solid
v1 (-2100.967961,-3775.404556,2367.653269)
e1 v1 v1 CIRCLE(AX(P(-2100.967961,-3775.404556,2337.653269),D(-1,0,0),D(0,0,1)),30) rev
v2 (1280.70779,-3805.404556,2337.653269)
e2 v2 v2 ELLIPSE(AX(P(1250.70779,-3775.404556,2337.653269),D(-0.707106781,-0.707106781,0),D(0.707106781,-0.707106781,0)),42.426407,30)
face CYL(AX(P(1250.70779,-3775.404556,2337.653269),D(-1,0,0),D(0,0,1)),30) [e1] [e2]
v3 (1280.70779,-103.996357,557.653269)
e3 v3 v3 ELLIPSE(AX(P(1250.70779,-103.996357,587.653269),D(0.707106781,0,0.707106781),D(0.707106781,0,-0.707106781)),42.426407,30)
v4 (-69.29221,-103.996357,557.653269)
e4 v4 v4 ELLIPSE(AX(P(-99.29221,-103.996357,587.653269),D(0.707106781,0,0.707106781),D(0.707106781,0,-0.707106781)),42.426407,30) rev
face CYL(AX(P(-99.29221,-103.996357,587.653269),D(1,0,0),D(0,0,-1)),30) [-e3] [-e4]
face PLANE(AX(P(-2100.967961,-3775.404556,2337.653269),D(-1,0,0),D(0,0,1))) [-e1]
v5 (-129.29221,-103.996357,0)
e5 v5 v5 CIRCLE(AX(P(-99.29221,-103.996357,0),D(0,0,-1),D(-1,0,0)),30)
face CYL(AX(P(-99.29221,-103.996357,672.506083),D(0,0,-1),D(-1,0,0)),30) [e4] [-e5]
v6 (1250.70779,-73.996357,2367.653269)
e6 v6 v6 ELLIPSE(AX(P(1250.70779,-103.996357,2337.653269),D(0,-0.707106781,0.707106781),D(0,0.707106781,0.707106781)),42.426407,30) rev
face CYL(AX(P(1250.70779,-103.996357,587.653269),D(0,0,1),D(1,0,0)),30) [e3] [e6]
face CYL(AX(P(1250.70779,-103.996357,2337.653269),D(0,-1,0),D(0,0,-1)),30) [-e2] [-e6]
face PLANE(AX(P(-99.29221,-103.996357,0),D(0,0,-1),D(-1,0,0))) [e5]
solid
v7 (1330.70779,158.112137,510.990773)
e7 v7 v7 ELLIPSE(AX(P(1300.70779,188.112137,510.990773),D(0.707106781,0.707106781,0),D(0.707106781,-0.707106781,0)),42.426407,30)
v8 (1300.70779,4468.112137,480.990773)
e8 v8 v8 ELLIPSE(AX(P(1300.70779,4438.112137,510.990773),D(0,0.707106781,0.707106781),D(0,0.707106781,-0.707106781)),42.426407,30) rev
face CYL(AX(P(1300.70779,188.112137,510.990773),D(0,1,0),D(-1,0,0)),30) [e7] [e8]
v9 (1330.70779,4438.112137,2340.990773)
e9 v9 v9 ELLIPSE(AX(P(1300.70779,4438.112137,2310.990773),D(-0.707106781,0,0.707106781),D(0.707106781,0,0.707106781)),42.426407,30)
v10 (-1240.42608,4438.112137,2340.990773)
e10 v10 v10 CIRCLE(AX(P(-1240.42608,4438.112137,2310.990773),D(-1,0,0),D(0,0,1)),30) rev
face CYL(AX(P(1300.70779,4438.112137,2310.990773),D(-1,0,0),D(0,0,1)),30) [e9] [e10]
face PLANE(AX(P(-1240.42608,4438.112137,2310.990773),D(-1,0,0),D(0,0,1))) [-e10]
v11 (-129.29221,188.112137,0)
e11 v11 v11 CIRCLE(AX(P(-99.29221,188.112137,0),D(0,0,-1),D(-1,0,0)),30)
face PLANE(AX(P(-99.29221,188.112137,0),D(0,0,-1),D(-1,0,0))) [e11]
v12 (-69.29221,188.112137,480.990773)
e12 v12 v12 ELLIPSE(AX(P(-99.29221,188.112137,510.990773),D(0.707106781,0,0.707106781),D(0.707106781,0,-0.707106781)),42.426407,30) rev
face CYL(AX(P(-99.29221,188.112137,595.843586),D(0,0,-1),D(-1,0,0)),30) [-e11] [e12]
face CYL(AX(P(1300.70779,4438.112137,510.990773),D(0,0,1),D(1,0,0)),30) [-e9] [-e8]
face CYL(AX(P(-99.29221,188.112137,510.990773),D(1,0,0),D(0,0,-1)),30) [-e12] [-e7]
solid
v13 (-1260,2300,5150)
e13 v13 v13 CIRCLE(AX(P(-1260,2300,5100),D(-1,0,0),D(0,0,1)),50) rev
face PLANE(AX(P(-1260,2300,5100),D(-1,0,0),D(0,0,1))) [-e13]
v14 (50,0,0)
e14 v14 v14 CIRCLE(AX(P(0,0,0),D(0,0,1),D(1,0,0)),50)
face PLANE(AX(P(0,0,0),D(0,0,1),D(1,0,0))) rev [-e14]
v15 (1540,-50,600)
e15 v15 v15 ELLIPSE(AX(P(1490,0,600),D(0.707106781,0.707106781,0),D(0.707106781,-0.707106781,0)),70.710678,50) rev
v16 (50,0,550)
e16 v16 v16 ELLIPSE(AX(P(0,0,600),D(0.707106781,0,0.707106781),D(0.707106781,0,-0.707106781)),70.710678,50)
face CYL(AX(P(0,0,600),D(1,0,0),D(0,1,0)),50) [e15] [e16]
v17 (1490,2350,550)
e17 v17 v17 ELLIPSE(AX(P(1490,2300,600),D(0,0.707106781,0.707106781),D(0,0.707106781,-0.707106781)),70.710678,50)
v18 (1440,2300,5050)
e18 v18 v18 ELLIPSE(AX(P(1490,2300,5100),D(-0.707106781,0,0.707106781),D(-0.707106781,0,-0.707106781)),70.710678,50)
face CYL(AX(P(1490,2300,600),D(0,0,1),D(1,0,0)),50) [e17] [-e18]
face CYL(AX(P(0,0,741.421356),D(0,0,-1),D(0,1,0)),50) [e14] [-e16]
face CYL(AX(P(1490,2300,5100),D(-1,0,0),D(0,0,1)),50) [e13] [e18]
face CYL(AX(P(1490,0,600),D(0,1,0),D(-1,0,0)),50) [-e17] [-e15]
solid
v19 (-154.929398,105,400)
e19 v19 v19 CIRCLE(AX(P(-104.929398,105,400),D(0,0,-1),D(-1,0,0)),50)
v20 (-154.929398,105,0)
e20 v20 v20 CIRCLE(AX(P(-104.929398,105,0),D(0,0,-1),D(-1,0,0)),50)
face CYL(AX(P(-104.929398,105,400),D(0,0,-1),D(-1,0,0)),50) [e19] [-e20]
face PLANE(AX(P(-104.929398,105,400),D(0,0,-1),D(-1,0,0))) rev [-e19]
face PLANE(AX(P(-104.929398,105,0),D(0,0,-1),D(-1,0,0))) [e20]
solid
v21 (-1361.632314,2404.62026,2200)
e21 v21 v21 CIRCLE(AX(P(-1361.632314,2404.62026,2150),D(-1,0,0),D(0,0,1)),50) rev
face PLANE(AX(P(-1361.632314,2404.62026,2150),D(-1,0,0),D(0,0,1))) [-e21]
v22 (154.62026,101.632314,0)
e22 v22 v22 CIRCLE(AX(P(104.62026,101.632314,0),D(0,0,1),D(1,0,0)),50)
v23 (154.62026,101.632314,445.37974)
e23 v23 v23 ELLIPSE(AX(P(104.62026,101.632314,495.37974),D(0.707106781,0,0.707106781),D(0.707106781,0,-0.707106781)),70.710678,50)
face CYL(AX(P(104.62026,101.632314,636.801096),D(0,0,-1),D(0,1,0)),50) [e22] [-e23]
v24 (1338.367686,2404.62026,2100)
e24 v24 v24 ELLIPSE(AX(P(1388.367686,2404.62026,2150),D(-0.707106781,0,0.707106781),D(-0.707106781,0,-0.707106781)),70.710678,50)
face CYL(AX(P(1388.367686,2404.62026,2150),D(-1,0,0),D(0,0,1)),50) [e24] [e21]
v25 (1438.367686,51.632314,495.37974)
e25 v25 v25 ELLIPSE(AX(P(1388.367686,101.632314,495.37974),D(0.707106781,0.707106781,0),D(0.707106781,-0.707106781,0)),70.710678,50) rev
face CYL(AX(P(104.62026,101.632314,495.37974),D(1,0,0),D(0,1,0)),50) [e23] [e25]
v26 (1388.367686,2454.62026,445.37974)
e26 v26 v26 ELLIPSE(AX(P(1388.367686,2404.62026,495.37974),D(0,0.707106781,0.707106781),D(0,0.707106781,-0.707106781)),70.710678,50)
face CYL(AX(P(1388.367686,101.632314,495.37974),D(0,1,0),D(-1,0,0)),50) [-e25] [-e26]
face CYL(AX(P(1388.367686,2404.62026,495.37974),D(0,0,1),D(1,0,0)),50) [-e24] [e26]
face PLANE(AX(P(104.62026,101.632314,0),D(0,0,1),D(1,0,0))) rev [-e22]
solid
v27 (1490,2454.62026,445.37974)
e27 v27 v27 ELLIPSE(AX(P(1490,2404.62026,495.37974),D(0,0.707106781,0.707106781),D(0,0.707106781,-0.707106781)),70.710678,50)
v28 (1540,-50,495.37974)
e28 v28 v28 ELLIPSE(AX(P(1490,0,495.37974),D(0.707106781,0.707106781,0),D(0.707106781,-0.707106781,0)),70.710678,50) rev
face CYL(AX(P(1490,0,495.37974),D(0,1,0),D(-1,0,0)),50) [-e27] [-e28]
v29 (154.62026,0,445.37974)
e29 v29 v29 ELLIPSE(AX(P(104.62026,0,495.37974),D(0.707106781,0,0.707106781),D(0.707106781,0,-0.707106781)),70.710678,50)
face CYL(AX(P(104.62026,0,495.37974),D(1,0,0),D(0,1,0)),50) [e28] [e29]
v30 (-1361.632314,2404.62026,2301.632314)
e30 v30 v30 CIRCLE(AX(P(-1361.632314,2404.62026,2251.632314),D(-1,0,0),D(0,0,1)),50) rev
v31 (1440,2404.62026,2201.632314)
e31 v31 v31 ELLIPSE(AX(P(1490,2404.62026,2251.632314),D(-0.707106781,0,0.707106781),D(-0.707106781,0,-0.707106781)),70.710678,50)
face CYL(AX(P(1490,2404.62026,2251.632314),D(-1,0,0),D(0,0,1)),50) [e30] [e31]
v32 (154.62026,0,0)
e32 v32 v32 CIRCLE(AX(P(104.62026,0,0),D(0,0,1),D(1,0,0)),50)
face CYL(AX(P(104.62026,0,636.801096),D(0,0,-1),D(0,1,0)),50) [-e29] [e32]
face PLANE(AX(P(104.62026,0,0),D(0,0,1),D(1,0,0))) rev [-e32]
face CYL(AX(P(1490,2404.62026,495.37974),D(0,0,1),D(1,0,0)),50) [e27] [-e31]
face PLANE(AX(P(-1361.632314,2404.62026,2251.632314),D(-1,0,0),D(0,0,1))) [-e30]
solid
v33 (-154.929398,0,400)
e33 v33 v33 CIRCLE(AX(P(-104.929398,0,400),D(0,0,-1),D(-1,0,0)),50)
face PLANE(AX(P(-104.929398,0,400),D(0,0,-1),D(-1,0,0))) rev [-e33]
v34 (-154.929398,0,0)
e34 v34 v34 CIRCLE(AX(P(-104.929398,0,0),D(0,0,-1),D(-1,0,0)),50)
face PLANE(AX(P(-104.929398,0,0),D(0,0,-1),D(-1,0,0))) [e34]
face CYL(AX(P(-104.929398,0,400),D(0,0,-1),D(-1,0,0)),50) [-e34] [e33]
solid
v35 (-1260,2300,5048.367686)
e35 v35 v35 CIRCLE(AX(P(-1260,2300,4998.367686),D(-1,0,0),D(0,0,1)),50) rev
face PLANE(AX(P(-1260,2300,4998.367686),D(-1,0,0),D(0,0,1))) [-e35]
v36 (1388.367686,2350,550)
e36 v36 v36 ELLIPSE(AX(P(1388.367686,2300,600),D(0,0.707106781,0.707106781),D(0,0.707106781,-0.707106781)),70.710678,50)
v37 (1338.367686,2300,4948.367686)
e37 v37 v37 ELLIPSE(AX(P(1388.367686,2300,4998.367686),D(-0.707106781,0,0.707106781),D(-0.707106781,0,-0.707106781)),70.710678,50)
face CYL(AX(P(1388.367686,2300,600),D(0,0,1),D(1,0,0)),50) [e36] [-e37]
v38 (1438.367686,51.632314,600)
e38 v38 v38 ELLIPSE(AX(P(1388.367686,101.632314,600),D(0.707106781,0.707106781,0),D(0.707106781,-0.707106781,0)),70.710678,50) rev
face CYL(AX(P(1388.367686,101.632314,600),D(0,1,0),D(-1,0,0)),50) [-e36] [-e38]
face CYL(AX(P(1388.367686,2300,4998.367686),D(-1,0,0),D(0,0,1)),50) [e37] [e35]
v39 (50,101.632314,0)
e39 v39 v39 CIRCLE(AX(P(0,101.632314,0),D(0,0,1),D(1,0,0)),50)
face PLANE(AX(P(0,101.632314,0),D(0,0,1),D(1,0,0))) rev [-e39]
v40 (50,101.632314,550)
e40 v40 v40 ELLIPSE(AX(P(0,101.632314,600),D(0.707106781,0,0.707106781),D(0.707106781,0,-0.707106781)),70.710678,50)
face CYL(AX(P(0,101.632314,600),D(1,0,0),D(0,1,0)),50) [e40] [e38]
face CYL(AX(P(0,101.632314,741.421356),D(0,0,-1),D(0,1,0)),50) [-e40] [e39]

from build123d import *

# Parameters (mm, degrees)
SKETCH1_R             = 50
SKETCH4_R             = 50
BOSS_EXTRUDE1_DEPTH   = 400
BOSS_EXTRUDE1_2_DEPTH = 400
SKETCH5_R             = 30
SKETCH7_R             = 30
SKETCH3_R             = 50
SKETCH2_R             = 50


with BuildPart() as part:
    # Sweep1: sweep along a curve in space
    with BuildLine() as sweep1_path:
        Line((0, 0, 0), (0, 0, 600))
        Line((0, 0, 600), (1490, 0, 600))
        Line((1490, 0, 600), (1490, 2300, 600))
        Line((1490, 2300, 600), (1490, 2300, 2000))
    # Sketch1 → Sweep1 (sweep)
    with BuildSketch(Plane.XY):
        Circle(SKETCH1_R)
        with Locations((104.6202598, 0)):
            Circle(SKETCH1_R)
        with Locations((104.6202598, 101.632314008)):
            Circle(SKETCH1_R)
        with Locations((0, 101.632314008)):
            Circle(SKETCH1_R)
    sweep(path=sweep1_path.line, transition=Transition.RIGHT)

    # Sweep9: sweep along a curve in space
    with BuildLine() as sweep9_path:
        Line((1490, 2300, 2000), (1490, 2300, 5100))
        Line((1490, 2300, 5100), (-1260, 2300, 5100))
    # Sketch3 → Sweep9 (sweep)
    with BuildSketch(Plane.XY.offset(2000)):
        with Locations((1490, 2300)):
            Circle(SKETCH3_R)
        with Locations((1388.367685992, 2300)):
            Circle(SKETCH3_R)
    sweep(path=sweep9_path.line, transition=Transition.RIGHT)

    # Sweep10: sweep along a curve in space
    with BuildLine() as sweep10_path:
        Line((1388.367685992, 2404.6202598, 2000), (1388.367685992, 2404.6202598, 2150))
        Line((1388.367685992, 2404.6202598, 2150), (-1361.632314008, 2404.6202598, 2150))
    # Sketch2 → Sweep10 (sweep)
    with BuildSketch(Plane.XY.offset(2000)):
        with Locations((1490, 2404.6202598)):
            Circle(SKETCH2_R)
        with Locations((1388.367685992, 2404.6202598)):
            Circle(SKETCH2_R)
    sweep(path=sweep10_path.line, transition=Transition.RIGHT)


with BuildPart() as body_2:
    # Sketch4 → Boss-Extrude1 (new body)
    with BuildSketch(Plane(origin=(0, 0, 0), x_dir=(-1, 0, 0), z_dir=(0, 0, -1))):
        with Locations((104.929398094, 0)):
            Circle(SKETCH4_R)
    extrude(amount=-BOSS_EXTRUDE1_DEPTH)


with BuildPart() as body_3:
    # Sketch4 → Boss-Extrude1 2 (new body)
    with BuildSketch(Plane(origin=(0, 0, 0), x_dir=(-1, 0, 0), z_dir=(0, 0, -1))):
        with Locations((104.929398094, 105)):
            Circle(SKETCH4_R)
    extrude(amount=-BOSS_EXTRUDE1_2_DEPTH)


with BuildPart() as body_4:
    # Sweep6: sweep along a curve in space
    with BuildLine() as sweep6_path:
        Line((-99.29220996, -103.996357315, 0), (-99.29220996, -103.996357315, 587.653269417))
        Line((-99.29220996, -103.996357315, 587.653269417), (1250.70779004, -103.996357315, 587.653269417))
        Line((1250.70779004, -103.996357315, 587.653269417), (1250.70779004, -103.996357315, 2337.653269417))
        Line((1250.70779004, -103.996357315, 2337.653269417), (1250.70779004, -3775.40455596, 2337.653269417))
        Line((1250.70779004, -3775.40455596, 2337.653269417), (-2100.967960552, -3775.40455596, 2337.653269417))
    # Sketch5 → Sweep6 (sweep)
    with BuildSketch(Plane(origin=(0, 0, 0), x_dir=(-1, 0, 0), z_dir=(0, 0, -1))):
        with Locations((99.29220996, -103.996357315)):
            Circle(SKETCH5_R)
    sweep(path=sweep6_path.line, transition=Transition.RIGHT)


with BuildPart() as body_5:
    # Sweep8: sweep along a curve in space
    with BuildLine() as sweep8_path:
        Line((-99.29220996, 188.112137483, 0), (-99.29220996, 188.112137483, 510.990772747))
        Line((-99.29220996, 188.112137483, 510.990772747), (1300.70779004, 188.112137483, 510.990772747))
        Line((1300.70779004, 188.112137483, 510.990772747), (1300.70779004, 4438.112137483, 510.990772747))
        Line((1300.70779004, 4438.112137483, 510.990772747), (1300.70779004, 4438.112137483, 2310.990772747))
        Line((1300.70779004, 4438.112137483, 2310.990772747), (-1240.426079734, 4438.112137483, 2310.990772747))
    # Sketch7 → Sweep8 (sweep)
    with BuildSketch(Plane(origin=(0, 0, 0), x_dir=(-1, 0, 0), z_dir=(0, 0, -1))):
        with Locations((99.29220996, 188.112137483)):
            Circle(SKETCH7_R)
    sweep(path=sweep8_path.line, transition=Transition.RIGHT)


solid = Compound([part.part, body_2.part, body_3.part, body_4.part, body_5.part])
